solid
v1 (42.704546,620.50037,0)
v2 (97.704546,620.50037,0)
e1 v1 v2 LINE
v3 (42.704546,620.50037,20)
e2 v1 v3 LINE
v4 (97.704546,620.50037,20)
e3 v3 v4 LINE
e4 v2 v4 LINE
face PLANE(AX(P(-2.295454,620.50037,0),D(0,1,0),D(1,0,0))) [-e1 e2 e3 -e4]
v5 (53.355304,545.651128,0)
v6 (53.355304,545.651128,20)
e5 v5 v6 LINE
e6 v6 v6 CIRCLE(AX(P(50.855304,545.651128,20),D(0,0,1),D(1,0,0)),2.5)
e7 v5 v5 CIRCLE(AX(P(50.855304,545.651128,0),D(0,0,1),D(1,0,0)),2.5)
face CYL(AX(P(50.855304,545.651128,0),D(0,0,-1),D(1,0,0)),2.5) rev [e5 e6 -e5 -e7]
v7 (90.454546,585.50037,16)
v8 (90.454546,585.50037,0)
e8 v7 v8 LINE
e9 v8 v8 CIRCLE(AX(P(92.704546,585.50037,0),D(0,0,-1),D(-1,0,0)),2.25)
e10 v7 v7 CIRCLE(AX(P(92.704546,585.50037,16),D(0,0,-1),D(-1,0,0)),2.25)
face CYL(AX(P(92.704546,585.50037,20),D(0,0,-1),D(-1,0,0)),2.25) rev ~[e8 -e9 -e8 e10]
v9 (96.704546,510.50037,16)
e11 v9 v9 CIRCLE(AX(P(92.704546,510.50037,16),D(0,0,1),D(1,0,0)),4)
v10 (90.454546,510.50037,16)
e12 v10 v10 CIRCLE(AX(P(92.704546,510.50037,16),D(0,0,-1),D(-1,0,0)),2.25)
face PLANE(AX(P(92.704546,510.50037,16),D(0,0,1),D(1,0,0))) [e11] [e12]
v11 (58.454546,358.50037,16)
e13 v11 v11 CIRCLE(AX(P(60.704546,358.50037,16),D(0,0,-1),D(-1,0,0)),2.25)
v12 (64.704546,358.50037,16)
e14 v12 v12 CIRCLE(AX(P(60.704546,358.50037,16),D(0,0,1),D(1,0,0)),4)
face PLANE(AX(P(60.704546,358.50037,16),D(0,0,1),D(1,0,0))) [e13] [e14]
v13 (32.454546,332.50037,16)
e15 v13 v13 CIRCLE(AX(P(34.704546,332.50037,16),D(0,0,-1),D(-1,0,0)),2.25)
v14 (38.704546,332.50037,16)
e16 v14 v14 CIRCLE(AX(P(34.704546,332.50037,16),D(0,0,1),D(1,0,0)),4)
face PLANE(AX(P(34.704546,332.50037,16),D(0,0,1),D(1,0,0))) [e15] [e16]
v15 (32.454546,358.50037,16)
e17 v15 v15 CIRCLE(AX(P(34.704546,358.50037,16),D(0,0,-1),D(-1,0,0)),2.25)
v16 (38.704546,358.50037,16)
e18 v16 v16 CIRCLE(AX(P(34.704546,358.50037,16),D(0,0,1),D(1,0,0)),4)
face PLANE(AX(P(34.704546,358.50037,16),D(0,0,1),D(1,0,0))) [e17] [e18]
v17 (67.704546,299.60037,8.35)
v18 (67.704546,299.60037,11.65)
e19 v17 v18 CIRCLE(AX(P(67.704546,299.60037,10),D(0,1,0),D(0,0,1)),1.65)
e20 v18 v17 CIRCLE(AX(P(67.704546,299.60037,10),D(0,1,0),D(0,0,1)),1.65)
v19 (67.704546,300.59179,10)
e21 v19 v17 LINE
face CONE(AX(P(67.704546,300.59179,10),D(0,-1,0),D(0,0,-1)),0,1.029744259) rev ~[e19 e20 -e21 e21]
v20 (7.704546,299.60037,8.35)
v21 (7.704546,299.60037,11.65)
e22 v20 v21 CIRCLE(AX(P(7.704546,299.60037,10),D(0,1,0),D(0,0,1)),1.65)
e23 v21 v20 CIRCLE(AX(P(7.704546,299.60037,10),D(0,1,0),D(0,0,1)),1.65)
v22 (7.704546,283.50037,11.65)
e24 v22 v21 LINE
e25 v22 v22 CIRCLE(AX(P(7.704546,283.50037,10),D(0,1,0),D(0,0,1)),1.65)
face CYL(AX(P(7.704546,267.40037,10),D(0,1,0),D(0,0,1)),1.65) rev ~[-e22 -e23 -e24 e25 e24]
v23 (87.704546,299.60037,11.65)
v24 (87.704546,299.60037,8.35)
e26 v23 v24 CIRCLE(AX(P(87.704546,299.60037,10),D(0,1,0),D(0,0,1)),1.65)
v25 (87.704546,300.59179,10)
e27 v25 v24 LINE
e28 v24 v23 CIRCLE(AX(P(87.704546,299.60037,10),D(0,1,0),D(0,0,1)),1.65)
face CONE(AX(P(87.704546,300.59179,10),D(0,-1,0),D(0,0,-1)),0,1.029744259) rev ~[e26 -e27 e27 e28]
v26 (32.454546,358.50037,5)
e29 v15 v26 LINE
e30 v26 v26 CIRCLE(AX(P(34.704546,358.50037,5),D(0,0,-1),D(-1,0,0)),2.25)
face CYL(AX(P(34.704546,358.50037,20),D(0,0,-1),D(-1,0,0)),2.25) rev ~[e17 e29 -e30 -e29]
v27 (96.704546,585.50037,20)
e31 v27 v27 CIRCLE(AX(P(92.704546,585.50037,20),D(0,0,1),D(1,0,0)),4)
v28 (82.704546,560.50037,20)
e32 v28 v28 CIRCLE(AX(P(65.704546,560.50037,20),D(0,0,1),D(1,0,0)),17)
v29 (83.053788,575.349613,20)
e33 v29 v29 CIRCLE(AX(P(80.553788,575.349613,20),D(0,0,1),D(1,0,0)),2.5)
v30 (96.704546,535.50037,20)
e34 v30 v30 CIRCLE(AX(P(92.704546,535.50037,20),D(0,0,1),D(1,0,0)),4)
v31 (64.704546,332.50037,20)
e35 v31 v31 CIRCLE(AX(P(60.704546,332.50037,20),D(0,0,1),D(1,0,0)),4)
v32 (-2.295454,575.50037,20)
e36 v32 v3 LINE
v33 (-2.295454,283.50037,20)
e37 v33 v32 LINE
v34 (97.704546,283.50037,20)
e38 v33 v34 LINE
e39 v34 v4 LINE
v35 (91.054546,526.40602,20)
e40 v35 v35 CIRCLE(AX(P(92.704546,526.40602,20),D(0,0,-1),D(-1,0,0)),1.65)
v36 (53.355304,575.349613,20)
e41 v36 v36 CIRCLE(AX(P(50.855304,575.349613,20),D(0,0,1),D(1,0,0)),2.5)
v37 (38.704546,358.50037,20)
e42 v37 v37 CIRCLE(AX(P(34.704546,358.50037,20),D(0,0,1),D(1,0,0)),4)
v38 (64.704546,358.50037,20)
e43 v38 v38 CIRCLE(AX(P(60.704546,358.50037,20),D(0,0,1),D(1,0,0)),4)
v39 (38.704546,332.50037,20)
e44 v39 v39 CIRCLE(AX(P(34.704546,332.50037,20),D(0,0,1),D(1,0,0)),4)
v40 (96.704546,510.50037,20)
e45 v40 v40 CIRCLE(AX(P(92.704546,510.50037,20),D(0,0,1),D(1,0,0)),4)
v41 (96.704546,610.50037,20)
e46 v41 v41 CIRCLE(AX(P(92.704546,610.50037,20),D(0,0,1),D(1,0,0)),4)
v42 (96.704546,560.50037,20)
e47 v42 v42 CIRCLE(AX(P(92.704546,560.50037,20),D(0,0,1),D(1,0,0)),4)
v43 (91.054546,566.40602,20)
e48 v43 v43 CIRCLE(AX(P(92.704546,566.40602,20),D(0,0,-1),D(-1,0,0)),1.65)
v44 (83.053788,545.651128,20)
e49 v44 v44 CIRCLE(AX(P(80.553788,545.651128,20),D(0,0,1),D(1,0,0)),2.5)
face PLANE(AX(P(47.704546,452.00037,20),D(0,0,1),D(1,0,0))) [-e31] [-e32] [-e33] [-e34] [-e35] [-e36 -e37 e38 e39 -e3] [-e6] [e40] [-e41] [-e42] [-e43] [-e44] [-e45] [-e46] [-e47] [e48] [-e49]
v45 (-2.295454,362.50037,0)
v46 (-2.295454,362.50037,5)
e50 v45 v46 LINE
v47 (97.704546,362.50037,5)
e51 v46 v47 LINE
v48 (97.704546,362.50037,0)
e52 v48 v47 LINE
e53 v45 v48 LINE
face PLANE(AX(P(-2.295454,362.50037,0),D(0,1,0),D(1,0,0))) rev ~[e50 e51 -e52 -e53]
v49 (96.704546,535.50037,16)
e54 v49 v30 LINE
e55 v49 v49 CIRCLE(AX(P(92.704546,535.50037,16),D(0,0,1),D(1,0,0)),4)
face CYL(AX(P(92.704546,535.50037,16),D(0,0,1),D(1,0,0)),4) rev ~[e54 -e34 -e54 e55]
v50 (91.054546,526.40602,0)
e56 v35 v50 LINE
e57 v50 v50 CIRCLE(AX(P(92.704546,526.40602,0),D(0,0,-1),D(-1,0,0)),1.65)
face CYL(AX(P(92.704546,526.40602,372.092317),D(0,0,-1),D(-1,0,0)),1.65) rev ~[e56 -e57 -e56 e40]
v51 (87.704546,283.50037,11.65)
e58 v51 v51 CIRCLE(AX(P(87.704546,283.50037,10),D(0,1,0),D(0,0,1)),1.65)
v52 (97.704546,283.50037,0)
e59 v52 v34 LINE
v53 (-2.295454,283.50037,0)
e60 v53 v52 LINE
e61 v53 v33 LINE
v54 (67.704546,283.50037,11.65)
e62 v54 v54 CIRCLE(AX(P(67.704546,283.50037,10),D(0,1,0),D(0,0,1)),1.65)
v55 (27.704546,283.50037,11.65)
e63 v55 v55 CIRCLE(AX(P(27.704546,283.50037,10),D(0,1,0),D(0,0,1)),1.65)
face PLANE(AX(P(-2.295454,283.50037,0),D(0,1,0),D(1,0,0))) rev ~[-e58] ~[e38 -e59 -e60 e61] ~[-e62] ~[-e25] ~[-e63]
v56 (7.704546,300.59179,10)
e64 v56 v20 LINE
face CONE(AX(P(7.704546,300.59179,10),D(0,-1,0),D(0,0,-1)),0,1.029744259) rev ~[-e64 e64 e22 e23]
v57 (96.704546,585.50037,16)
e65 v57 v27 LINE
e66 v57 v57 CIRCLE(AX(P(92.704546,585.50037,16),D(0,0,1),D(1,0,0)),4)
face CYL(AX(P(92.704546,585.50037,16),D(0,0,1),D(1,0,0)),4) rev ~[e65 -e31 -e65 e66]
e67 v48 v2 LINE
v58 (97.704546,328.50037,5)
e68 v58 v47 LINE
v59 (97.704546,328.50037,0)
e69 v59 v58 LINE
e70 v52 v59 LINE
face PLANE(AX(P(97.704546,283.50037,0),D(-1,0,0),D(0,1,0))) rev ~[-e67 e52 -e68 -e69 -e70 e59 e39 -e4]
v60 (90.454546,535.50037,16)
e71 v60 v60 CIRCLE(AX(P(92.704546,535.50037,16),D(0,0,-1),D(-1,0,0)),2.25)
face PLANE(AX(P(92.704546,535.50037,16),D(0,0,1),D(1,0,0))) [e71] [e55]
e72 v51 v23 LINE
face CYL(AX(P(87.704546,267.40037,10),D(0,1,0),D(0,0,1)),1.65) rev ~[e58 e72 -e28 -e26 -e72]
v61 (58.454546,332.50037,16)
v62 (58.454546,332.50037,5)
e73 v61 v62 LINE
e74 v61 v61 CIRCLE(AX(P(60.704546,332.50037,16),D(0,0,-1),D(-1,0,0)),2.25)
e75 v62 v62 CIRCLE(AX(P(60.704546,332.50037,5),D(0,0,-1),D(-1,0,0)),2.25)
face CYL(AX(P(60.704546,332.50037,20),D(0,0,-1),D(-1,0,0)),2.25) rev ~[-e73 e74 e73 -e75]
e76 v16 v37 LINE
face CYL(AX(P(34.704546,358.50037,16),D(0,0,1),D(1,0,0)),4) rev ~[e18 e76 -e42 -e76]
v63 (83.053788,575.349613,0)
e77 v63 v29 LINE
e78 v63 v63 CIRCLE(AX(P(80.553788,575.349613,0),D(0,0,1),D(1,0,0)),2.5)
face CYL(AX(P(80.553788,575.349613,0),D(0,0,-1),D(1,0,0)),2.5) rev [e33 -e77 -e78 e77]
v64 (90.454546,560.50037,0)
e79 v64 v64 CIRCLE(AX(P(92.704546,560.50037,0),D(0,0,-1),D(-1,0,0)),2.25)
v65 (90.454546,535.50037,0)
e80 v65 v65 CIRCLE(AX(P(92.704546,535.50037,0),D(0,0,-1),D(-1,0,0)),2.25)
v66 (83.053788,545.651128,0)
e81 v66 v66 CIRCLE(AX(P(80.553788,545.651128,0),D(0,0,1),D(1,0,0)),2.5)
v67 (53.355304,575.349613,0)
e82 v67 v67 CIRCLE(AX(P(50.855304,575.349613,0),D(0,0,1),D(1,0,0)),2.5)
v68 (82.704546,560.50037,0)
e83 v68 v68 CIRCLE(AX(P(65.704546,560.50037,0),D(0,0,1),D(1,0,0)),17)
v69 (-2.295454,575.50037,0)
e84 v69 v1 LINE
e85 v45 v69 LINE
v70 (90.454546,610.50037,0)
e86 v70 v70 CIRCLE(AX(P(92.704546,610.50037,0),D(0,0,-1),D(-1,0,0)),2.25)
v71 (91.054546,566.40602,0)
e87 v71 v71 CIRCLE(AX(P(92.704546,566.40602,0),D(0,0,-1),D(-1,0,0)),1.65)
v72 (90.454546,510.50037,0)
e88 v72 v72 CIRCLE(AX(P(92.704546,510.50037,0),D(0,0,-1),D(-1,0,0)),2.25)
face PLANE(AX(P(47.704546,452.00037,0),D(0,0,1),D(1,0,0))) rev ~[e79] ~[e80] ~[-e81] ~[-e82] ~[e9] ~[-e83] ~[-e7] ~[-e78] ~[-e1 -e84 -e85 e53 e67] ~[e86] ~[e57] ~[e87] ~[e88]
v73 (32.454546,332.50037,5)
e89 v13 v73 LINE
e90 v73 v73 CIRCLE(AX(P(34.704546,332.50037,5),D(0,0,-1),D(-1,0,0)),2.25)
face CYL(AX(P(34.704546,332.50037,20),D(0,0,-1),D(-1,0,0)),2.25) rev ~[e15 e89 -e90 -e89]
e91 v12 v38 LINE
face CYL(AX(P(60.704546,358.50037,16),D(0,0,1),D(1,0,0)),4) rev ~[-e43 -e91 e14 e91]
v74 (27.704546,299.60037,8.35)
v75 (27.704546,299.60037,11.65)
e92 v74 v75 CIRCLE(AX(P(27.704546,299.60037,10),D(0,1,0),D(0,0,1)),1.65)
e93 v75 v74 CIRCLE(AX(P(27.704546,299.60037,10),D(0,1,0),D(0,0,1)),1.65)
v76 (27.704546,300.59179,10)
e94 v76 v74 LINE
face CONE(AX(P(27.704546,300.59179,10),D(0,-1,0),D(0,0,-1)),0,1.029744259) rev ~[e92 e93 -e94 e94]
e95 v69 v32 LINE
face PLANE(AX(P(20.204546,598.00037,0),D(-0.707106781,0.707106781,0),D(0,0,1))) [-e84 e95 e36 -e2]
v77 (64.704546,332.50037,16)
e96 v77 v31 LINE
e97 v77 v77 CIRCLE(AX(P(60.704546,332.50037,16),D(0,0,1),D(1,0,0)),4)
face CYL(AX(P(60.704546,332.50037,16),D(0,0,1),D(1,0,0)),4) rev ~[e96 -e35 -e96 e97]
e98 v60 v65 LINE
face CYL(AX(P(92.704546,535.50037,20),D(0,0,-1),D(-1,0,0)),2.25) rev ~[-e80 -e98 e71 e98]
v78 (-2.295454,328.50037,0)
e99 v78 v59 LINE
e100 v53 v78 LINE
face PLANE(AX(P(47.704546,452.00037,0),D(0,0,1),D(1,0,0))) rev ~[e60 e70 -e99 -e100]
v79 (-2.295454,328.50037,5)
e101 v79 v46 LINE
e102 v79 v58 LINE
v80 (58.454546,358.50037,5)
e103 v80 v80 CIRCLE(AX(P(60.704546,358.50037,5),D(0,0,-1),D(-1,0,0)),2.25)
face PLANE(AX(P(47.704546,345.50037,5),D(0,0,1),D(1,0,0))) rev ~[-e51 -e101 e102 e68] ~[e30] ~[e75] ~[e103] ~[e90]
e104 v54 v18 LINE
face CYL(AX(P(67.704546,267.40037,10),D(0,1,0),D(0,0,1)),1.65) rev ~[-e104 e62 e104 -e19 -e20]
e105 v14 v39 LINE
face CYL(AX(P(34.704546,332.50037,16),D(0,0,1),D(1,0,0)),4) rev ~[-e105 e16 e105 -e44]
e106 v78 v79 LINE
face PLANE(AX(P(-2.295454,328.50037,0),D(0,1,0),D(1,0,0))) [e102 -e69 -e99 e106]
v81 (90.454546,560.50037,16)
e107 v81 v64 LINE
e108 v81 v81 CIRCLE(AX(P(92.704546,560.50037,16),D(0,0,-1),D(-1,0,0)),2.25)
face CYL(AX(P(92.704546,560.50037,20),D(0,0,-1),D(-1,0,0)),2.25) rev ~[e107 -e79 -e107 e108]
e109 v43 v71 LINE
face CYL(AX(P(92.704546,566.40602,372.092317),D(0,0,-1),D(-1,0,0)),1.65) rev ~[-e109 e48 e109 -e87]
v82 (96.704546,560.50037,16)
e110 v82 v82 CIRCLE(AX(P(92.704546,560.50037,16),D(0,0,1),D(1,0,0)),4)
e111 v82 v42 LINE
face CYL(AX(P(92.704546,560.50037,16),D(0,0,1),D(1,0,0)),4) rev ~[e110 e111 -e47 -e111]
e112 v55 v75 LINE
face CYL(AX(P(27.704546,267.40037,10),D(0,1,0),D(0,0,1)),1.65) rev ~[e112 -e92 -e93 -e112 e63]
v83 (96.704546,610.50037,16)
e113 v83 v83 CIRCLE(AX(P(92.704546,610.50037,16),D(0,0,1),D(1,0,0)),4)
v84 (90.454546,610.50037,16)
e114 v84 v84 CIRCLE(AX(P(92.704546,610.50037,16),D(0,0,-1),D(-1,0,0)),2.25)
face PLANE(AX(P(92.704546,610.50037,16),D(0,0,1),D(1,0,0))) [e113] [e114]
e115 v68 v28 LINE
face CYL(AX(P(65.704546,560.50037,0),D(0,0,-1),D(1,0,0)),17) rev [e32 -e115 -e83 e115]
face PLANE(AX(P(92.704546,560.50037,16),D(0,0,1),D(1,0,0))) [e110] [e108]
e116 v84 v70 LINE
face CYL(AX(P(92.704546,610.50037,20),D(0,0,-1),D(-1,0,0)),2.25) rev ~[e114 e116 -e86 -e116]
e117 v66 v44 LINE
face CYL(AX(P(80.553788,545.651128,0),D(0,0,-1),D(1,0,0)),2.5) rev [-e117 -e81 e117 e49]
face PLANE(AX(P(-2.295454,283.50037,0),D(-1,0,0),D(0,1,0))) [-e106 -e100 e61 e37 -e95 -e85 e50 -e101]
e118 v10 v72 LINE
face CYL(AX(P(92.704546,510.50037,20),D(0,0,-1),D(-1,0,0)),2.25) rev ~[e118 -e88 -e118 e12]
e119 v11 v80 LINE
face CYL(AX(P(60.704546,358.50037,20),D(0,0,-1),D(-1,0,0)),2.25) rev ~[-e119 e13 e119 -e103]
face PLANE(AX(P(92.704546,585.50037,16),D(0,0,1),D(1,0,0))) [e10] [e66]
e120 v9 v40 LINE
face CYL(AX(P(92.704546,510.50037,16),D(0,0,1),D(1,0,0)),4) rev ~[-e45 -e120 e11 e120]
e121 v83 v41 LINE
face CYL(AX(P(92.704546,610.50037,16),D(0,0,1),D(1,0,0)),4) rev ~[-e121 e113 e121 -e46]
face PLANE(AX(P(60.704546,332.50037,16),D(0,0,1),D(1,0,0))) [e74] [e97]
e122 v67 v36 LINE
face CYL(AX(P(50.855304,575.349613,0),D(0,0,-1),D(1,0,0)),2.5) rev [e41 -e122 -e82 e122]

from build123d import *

# Parameters (mm, degrees)
SKETCH1_W                      = 100
SKETCH1_H                      = 337
SKETCH1_R                      = 17
SKETCH1_R_2                    = 2.5
SKETCH1_R_3                    = 2
BOSS_EXTRUDE1_DEPTH            = 20
CHAMFER1_SIZE                  = 45
SKETCH2_W                      = 100
SKETCH2_H                      = 34
CUT_EXTRUDE1_DEPTH             = 5
CBORE_FOR_M4_SHCS1_D           = 4.5
CBORE_FOR_M4_SHCS1_CBORE_D     = 8
CBORE_FOR_M4_SHCS1_CBORE_DEPTH = 4
CBORE_FOR_M4_SHCS2_D           = 4.5
CBORE_FOR_M4_SHCS2_CBORE_D     = 8
CBORE_FOR_M4_SHCS2_CBORE_DEPTH = 4
M4_TAPPED_HOLE1_D              = 3.3
M4_TAPPED_HOLE1_DEPTH          = 16.1
M4_TAPPED_HOLE1_TIP            = 0.991420021
M4_TAPPED_HOLE2_D              = 3.3


with BuildPart() as part:
    # Sketch1 → Boss-Extrude1 (new body)
    with BuildSketch(Plane.XY):
        with Locations((47.704546062, 452.000370419)):
            Rectangle(SKETCH1_W, SKETCH1_H)
        with Locations((65.704546062, 560.500370419)):
            Circle(SKETCH1_R, mode=Mode.SUBTRACT)
        with Locations((80.553788467, 575.349612824)):
            Circle(SKETCH1_R_2, mode=Mode.SUBTRACT)
        with Locations((80.553788467, 545.651128014)):
            Circle(SKETCH1_R_2, mode=Mode.SUBTRACT)
        with Locations((50.855303657, 545.651128014)):
            Circle(SKETCH1_R_2, mode=Mode.SUBTRACT)
        with Locations((50.855303657, 575.349612824)):
            Circle(SKETCH1_R_2, mode=Mode.SUBTRACT)
        with Locations((34.704546062, 358.500370419)):
            Circle(SKETCH1_R_3, mode=Mode.SUBTRACT)
        with Locations((60.704546062, 358.500370419)):
            Circle(SKETCH1_R_3, mode=Mode.SUBTRACT)
        with Locations((34.704546062, 332.500370419)):
            Circle(SKETCH1_R_3, mode=Mode.SUBTRACT)
        with Locations((60.704546062, 332.500370419)):
            Circle(SKETCH1_R_3, mode=Mode.SUBTRACT)
    extrude(amount=BOSS_EXTRUDE1_DEPTH)

    # Chamfer1
    chamfer1_edges = [part.edges().sort_by_distance(p)[0] for p in [
        (-2.295453938, 620.500370419, 10),
    ]]
    chamfer(chamfer1_edges, length=CHAMFER1_SIZE)

    # Sketch2 → Cut-Extrude1 (cut)
    with BuildSketch(Plane.XY):
        with Locations((47.704546062, 345.500370419)):
            Rectangle(SKETCH2_W, SKETCH2_H)
    extrude(amount=CUT_EXTRUDE1_DEPTH, mode=Mode.SUBTRACT)

    # CBORE for M4 SHCS1 (through all)
    with Locations(Plane.XY.offset(20)):
        with Locations((92.704546062, 610.500370419), (92.704546062, 585.500370419), (92.704546062, 560.500370419), (92.704546062, 535.500370419), (92.704546062, 510.500370419)):
            CounterBoreHole(CBORE_FOR_M4_SHCS1_D / 2, CBORE_FOR_M4_SHCS1_CBORE_D / 2, CBORE_FOR_M4_SHCS1_CBORE_DEPTH)

    # CBORE for M4 SHCS2 (through all)
    with Locations(Plane(origin=(34.704546062, 358.500370419, 20), x_dir=(1, 0, 0), z_dir=(0, 0, 1))):
        with Locations((0, 0), (26, 0), (0, -26), (26, -26)):
            CounterBoreHole(CBORE_FOR_M4_SHCS2_D / 2, CBORE_FOR_M4_SHCS2_CBORE_D / 2, CBORE_FOR_M4_SHCS2_CBORE_DEPTH)

    # M4 Tapped Hole1
    with Locations(Plane(origin=(7.704546062, 283.500370419, 10), x_dir=(0, 0, -1), z_dir=(0, -1, 0))):
        with Locations((0, 0), (0, 20), (0, 60), (0, 80)):
            Hole(M4_TAPPED_HOLE1_D / 2, depth=M4_TAPPED_HOLE1_DEPTH)
            with Locations((0, 0, -(M4_TAPPED_HOLE1_DEPTH + M4_TAPPED_HOLE1_TIP / 2))):  # 118° drill point
                Cone(0, M4_TAPPED_HOLE1_D / 2, M4_TAPPED_HOLE1_TIP, mode=Mode.SUBTRACT)

    # M4 Tapped Hole2 (through all)
    with Locations(Plane.XY.offset(20)):
        with Locations((92.704546062, 566.40602011), (92.704546062, 526.40602011)):
            Hole(M4_TAPPED_HOLE2_D / 2)


solid = part.part
